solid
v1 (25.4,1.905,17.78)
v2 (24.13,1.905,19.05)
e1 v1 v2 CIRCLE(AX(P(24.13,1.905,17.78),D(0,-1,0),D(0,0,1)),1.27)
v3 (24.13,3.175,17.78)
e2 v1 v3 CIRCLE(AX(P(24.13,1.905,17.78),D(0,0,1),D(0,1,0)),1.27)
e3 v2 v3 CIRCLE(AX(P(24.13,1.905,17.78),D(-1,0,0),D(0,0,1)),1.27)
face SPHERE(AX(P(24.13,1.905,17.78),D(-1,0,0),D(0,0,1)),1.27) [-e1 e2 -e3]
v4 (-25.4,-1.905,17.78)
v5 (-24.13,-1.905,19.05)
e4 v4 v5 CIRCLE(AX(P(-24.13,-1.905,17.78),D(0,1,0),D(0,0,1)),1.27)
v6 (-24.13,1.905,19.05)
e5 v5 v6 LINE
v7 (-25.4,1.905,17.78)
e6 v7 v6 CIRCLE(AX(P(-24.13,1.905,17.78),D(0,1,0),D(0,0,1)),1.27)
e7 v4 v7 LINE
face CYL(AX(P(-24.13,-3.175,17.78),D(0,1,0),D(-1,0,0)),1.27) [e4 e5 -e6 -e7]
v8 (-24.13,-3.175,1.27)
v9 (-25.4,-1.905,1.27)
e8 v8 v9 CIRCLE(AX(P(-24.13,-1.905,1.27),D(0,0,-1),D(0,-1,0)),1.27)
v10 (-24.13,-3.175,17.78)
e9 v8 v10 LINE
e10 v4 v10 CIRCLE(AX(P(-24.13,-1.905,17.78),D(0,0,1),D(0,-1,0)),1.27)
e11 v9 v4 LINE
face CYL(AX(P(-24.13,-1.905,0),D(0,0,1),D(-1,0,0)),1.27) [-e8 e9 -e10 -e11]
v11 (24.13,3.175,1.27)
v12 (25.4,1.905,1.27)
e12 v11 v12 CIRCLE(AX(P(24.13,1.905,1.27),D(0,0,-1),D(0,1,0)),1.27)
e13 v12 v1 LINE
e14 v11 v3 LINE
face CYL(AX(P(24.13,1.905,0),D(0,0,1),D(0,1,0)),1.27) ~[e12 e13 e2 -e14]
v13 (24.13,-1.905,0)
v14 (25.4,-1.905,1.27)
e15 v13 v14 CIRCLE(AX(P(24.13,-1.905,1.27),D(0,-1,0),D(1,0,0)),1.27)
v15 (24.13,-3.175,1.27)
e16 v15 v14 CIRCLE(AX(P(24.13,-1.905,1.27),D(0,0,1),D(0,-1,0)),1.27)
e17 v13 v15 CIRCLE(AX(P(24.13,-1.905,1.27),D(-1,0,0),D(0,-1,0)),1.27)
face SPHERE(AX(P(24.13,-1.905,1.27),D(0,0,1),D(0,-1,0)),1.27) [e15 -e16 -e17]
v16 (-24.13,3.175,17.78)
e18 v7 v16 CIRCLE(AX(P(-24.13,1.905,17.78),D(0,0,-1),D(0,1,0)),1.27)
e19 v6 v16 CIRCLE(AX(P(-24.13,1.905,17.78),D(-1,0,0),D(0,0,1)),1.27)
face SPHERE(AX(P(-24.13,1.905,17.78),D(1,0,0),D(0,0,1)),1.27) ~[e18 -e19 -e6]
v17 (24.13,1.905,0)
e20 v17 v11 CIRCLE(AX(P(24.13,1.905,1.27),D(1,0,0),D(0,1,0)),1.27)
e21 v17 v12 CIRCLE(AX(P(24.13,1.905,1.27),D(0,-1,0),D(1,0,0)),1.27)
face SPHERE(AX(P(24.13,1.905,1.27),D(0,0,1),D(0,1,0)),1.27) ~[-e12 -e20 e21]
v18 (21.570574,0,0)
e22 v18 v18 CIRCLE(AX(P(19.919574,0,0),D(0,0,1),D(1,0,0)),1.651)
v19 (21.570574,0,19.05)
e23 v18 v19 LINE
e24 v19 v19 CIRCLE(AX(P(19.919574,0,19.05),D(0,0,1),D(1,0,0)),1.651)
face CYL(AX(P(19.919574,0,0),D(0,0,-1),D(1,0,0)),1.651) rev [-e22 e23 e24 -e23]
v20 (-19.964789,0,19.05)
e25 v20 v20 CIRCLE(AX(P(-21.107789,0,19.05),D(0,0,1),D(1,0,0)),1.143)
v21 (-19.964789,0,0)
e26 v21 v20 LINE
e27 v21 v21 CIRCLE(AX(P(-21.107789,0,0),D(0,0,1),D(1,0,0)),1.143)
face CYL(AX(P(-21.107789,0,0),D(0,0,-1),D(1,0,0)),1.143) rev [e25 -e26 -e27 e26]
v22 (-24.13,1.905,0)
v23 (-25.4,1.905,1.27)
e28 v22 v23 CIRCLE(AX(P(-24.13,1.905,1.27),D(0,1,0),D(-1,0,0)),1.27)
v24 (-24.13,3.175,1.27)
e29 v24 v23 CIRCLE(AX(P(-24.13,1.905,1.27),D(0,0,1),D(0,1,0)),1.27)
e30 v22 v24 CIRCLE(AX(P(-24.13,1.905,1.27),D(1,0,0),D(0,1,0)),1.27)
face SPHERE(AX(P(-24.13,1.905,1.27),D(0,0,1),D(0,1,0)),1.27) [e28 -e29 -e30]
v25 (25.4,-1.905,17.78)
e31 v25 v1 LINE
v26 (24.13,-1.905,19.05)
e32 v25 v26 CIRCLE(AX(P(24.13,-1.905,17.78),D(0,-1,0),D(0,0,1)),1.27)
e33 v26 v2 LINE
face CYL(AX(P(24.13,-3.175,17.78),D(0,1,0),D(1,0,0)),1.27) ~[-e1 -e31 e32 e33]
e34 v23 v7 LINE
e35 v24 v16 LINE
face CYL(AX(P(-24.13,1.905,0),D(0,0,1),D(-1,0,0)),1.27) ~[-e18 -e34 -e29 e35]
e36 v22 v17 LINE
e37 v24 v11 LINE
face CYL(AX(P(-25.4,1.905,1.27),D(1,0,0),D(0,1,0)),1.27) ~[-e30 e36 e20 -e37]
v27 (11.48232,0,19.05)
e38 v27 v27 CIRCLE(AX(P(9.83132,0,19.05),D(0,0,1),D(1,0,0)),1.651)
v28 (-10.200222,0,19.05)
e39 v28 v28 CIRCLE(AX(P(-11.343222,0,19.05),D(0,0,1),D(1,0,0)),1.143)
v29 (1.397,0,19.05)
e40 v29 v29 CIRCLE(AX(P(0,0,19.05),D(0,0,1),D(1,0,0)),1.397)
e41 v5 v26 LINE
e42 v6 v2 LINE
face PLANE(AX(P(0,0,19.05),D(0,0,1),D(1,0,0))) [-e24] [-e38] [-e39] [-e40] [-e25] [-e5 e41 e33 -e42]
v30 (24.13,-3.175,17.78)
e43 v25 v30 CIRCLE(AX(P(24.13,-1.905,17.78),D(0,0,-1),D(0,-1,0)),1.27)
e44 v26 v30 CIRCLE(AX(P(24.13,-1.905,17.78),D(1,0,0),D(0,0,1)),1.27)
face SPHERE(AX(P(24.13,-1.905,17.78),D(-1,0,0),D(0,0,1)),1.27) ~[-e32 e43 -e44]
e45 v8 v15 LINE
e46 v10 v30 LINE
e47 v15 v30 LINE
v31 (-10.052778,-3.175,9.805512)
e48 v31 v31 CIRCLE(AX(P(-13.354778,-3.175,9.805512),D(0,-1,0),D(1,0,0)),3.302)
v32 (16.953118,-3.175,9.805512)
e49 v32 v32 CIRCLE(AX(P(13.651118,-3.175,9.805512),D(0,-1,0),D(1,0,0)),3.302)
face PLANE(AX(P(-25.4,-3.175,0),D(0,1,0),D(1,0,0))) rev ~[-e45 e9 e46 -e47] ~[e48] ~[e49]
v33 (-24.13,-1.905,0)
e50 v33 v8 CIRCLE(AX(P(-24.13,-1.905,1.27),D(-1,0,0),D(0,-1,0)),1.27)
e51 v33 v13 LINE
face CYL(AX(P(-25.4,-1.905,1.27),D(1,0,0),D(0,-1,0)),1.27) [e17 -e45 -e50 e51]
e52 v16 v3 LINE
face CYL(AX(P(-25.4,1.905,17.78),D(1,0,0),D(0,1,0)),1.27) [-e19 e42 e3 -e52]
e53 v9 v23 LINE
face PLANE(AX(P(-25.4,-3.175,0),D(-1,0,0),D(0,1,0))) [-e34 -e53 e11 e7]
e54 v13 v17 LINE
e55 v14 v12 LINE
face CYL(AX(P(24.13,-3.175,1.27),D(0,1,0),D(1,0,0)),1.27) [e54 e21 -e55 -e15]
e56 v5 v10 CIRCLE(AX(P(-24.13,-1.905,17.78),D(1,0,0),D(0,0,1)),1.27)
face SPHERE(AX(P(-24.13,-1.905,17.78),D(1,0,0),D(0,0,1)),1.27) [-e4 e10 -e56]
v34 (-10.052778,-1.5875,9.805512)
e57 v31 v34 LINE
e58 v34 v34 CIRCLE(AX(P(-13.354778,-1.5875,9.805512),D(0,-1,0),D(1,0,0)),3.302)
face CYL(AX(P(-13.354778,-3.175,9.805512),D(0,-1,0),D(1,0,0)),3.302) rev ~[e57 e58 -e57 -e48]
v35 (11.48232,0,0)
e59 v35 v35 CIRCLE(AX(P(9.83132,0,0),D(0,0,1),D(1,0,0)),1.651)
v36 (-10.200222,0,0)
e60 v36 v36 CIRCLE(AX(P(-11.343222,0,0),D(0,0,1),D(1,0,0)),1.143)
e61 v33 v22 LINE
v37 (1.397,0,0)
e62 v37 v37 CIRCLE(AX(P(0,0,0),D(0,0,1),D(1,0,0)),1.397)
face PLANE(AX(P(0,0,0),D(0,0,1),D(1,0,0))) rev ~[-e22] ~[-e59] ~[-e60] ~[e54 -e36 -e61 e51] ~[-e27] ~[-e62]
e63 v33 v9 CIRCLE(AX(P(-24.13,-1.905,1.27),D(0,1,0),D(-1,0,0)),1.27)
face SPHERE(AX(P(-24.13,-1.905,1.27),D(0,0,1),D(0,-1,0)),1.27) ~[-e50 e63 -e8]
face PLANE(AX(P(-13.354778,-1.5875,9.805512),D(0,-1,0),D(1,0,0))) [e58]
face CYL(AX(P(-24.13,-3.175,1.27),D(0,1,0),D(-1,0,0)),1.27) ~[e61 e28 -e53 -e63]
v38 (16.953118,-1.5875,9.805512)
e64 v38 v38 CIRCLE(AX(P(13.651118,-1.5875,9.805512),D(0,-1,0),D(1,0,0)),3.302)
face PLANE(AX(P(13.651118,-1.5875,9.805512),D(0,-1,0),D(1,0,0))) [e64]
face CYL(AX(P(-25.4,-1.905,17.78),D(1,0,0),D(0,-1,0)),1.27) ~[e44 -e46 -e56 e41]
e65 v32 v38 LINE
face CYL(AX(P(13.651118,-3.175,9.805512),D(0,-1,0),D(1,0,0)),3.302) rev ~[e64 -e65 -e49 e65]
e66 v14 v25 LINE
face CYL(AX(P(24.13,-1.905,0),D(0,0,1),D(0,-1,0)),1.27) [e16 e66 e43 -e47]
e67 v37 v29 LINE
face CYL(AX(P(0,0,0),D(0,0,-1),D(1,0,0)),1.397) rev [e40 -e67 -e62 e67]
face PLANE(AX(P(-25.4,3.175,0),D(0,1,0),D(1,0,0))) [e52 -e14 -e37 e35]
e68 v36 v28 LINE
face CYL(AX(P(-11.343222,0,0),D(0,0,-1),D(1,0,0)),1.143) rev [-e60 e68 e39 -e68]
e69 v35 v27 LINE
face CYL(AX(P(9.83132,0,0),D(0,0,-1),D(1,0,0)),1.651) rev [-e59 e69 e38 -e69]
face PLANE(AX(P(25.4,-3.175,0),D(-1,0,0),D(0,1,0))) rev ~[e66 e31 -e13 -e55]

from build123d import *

# Parameters (mm, degrees)
F0_W     = 50.8
F0_H     = 6.35
F0_R     = 1.143
F0_R_2   = 1.397
F0_R_3   = 1.651
F1_DEPTH = 19.05
F2_R     = 1.27
F4_R     = 3.302
F5_DEPTH = 1.5875


with BuildPart() as f1:
    # F0 (on Top) → F1 (new body)
    with BuildSketch(Plane.XY):
        Rectangle(F0_W, F0_H)
        with Locations((-21.107789129, 0)):
            Circle(F0_R, mode=Mode.SUBTRACT)
        with Locations((-11.3432221115, 0)):
            Circle(F0_R, mode=Mode.SUBTRACT)
        Circle(F0_R_2, mode=Mode.SUBTRACT)
        with Locations((9.8313204944, 0)):
            Circle(F0_R_3, mode=Mode.SUBTRACT)
        with Locations((19.9195742607, 0)):
            Circle(F0_R_3, mode=Mode.SUBTRACT)
    extrude(amount=F1_DEPTH)

    # F2
    f2_edges = [f1.edges().sort_by_distance(p)[0] for p in [
        (0, -3.175, 19.05),
        (0, 3.175, 19.05),
        (-25.4, 0, 19.05),
        (25.4, 0, 19.05),
        (-25.4, -3.175, 9.525),
        (-25.4, 3.175, 9.525),
        (25.4, -3.175, 9.525),
        (25.4, 3.175, 9.525),
        (0, -3.175, 0),
        (0, 3.175, 0),
        (25.4, 0, 0),
        (-25.4, 0, 0),
    ]]
    fillet(f2_edges, radius=F2_R)

    # F4 (on offset) → F5 (cut)
    with BuildSketch(Plane.XZ.offset(3.175)):
        with Locations((13.6511175489, 9.8055116832)):
            Circle(F4_R)
        with Locations((-13.3547777533, 9.8055116832)):
            Circle(F4_R)
    extrude(amount=-F5_DEPTH, mode=Mode.SUBTRACT)


solid = f1.part
